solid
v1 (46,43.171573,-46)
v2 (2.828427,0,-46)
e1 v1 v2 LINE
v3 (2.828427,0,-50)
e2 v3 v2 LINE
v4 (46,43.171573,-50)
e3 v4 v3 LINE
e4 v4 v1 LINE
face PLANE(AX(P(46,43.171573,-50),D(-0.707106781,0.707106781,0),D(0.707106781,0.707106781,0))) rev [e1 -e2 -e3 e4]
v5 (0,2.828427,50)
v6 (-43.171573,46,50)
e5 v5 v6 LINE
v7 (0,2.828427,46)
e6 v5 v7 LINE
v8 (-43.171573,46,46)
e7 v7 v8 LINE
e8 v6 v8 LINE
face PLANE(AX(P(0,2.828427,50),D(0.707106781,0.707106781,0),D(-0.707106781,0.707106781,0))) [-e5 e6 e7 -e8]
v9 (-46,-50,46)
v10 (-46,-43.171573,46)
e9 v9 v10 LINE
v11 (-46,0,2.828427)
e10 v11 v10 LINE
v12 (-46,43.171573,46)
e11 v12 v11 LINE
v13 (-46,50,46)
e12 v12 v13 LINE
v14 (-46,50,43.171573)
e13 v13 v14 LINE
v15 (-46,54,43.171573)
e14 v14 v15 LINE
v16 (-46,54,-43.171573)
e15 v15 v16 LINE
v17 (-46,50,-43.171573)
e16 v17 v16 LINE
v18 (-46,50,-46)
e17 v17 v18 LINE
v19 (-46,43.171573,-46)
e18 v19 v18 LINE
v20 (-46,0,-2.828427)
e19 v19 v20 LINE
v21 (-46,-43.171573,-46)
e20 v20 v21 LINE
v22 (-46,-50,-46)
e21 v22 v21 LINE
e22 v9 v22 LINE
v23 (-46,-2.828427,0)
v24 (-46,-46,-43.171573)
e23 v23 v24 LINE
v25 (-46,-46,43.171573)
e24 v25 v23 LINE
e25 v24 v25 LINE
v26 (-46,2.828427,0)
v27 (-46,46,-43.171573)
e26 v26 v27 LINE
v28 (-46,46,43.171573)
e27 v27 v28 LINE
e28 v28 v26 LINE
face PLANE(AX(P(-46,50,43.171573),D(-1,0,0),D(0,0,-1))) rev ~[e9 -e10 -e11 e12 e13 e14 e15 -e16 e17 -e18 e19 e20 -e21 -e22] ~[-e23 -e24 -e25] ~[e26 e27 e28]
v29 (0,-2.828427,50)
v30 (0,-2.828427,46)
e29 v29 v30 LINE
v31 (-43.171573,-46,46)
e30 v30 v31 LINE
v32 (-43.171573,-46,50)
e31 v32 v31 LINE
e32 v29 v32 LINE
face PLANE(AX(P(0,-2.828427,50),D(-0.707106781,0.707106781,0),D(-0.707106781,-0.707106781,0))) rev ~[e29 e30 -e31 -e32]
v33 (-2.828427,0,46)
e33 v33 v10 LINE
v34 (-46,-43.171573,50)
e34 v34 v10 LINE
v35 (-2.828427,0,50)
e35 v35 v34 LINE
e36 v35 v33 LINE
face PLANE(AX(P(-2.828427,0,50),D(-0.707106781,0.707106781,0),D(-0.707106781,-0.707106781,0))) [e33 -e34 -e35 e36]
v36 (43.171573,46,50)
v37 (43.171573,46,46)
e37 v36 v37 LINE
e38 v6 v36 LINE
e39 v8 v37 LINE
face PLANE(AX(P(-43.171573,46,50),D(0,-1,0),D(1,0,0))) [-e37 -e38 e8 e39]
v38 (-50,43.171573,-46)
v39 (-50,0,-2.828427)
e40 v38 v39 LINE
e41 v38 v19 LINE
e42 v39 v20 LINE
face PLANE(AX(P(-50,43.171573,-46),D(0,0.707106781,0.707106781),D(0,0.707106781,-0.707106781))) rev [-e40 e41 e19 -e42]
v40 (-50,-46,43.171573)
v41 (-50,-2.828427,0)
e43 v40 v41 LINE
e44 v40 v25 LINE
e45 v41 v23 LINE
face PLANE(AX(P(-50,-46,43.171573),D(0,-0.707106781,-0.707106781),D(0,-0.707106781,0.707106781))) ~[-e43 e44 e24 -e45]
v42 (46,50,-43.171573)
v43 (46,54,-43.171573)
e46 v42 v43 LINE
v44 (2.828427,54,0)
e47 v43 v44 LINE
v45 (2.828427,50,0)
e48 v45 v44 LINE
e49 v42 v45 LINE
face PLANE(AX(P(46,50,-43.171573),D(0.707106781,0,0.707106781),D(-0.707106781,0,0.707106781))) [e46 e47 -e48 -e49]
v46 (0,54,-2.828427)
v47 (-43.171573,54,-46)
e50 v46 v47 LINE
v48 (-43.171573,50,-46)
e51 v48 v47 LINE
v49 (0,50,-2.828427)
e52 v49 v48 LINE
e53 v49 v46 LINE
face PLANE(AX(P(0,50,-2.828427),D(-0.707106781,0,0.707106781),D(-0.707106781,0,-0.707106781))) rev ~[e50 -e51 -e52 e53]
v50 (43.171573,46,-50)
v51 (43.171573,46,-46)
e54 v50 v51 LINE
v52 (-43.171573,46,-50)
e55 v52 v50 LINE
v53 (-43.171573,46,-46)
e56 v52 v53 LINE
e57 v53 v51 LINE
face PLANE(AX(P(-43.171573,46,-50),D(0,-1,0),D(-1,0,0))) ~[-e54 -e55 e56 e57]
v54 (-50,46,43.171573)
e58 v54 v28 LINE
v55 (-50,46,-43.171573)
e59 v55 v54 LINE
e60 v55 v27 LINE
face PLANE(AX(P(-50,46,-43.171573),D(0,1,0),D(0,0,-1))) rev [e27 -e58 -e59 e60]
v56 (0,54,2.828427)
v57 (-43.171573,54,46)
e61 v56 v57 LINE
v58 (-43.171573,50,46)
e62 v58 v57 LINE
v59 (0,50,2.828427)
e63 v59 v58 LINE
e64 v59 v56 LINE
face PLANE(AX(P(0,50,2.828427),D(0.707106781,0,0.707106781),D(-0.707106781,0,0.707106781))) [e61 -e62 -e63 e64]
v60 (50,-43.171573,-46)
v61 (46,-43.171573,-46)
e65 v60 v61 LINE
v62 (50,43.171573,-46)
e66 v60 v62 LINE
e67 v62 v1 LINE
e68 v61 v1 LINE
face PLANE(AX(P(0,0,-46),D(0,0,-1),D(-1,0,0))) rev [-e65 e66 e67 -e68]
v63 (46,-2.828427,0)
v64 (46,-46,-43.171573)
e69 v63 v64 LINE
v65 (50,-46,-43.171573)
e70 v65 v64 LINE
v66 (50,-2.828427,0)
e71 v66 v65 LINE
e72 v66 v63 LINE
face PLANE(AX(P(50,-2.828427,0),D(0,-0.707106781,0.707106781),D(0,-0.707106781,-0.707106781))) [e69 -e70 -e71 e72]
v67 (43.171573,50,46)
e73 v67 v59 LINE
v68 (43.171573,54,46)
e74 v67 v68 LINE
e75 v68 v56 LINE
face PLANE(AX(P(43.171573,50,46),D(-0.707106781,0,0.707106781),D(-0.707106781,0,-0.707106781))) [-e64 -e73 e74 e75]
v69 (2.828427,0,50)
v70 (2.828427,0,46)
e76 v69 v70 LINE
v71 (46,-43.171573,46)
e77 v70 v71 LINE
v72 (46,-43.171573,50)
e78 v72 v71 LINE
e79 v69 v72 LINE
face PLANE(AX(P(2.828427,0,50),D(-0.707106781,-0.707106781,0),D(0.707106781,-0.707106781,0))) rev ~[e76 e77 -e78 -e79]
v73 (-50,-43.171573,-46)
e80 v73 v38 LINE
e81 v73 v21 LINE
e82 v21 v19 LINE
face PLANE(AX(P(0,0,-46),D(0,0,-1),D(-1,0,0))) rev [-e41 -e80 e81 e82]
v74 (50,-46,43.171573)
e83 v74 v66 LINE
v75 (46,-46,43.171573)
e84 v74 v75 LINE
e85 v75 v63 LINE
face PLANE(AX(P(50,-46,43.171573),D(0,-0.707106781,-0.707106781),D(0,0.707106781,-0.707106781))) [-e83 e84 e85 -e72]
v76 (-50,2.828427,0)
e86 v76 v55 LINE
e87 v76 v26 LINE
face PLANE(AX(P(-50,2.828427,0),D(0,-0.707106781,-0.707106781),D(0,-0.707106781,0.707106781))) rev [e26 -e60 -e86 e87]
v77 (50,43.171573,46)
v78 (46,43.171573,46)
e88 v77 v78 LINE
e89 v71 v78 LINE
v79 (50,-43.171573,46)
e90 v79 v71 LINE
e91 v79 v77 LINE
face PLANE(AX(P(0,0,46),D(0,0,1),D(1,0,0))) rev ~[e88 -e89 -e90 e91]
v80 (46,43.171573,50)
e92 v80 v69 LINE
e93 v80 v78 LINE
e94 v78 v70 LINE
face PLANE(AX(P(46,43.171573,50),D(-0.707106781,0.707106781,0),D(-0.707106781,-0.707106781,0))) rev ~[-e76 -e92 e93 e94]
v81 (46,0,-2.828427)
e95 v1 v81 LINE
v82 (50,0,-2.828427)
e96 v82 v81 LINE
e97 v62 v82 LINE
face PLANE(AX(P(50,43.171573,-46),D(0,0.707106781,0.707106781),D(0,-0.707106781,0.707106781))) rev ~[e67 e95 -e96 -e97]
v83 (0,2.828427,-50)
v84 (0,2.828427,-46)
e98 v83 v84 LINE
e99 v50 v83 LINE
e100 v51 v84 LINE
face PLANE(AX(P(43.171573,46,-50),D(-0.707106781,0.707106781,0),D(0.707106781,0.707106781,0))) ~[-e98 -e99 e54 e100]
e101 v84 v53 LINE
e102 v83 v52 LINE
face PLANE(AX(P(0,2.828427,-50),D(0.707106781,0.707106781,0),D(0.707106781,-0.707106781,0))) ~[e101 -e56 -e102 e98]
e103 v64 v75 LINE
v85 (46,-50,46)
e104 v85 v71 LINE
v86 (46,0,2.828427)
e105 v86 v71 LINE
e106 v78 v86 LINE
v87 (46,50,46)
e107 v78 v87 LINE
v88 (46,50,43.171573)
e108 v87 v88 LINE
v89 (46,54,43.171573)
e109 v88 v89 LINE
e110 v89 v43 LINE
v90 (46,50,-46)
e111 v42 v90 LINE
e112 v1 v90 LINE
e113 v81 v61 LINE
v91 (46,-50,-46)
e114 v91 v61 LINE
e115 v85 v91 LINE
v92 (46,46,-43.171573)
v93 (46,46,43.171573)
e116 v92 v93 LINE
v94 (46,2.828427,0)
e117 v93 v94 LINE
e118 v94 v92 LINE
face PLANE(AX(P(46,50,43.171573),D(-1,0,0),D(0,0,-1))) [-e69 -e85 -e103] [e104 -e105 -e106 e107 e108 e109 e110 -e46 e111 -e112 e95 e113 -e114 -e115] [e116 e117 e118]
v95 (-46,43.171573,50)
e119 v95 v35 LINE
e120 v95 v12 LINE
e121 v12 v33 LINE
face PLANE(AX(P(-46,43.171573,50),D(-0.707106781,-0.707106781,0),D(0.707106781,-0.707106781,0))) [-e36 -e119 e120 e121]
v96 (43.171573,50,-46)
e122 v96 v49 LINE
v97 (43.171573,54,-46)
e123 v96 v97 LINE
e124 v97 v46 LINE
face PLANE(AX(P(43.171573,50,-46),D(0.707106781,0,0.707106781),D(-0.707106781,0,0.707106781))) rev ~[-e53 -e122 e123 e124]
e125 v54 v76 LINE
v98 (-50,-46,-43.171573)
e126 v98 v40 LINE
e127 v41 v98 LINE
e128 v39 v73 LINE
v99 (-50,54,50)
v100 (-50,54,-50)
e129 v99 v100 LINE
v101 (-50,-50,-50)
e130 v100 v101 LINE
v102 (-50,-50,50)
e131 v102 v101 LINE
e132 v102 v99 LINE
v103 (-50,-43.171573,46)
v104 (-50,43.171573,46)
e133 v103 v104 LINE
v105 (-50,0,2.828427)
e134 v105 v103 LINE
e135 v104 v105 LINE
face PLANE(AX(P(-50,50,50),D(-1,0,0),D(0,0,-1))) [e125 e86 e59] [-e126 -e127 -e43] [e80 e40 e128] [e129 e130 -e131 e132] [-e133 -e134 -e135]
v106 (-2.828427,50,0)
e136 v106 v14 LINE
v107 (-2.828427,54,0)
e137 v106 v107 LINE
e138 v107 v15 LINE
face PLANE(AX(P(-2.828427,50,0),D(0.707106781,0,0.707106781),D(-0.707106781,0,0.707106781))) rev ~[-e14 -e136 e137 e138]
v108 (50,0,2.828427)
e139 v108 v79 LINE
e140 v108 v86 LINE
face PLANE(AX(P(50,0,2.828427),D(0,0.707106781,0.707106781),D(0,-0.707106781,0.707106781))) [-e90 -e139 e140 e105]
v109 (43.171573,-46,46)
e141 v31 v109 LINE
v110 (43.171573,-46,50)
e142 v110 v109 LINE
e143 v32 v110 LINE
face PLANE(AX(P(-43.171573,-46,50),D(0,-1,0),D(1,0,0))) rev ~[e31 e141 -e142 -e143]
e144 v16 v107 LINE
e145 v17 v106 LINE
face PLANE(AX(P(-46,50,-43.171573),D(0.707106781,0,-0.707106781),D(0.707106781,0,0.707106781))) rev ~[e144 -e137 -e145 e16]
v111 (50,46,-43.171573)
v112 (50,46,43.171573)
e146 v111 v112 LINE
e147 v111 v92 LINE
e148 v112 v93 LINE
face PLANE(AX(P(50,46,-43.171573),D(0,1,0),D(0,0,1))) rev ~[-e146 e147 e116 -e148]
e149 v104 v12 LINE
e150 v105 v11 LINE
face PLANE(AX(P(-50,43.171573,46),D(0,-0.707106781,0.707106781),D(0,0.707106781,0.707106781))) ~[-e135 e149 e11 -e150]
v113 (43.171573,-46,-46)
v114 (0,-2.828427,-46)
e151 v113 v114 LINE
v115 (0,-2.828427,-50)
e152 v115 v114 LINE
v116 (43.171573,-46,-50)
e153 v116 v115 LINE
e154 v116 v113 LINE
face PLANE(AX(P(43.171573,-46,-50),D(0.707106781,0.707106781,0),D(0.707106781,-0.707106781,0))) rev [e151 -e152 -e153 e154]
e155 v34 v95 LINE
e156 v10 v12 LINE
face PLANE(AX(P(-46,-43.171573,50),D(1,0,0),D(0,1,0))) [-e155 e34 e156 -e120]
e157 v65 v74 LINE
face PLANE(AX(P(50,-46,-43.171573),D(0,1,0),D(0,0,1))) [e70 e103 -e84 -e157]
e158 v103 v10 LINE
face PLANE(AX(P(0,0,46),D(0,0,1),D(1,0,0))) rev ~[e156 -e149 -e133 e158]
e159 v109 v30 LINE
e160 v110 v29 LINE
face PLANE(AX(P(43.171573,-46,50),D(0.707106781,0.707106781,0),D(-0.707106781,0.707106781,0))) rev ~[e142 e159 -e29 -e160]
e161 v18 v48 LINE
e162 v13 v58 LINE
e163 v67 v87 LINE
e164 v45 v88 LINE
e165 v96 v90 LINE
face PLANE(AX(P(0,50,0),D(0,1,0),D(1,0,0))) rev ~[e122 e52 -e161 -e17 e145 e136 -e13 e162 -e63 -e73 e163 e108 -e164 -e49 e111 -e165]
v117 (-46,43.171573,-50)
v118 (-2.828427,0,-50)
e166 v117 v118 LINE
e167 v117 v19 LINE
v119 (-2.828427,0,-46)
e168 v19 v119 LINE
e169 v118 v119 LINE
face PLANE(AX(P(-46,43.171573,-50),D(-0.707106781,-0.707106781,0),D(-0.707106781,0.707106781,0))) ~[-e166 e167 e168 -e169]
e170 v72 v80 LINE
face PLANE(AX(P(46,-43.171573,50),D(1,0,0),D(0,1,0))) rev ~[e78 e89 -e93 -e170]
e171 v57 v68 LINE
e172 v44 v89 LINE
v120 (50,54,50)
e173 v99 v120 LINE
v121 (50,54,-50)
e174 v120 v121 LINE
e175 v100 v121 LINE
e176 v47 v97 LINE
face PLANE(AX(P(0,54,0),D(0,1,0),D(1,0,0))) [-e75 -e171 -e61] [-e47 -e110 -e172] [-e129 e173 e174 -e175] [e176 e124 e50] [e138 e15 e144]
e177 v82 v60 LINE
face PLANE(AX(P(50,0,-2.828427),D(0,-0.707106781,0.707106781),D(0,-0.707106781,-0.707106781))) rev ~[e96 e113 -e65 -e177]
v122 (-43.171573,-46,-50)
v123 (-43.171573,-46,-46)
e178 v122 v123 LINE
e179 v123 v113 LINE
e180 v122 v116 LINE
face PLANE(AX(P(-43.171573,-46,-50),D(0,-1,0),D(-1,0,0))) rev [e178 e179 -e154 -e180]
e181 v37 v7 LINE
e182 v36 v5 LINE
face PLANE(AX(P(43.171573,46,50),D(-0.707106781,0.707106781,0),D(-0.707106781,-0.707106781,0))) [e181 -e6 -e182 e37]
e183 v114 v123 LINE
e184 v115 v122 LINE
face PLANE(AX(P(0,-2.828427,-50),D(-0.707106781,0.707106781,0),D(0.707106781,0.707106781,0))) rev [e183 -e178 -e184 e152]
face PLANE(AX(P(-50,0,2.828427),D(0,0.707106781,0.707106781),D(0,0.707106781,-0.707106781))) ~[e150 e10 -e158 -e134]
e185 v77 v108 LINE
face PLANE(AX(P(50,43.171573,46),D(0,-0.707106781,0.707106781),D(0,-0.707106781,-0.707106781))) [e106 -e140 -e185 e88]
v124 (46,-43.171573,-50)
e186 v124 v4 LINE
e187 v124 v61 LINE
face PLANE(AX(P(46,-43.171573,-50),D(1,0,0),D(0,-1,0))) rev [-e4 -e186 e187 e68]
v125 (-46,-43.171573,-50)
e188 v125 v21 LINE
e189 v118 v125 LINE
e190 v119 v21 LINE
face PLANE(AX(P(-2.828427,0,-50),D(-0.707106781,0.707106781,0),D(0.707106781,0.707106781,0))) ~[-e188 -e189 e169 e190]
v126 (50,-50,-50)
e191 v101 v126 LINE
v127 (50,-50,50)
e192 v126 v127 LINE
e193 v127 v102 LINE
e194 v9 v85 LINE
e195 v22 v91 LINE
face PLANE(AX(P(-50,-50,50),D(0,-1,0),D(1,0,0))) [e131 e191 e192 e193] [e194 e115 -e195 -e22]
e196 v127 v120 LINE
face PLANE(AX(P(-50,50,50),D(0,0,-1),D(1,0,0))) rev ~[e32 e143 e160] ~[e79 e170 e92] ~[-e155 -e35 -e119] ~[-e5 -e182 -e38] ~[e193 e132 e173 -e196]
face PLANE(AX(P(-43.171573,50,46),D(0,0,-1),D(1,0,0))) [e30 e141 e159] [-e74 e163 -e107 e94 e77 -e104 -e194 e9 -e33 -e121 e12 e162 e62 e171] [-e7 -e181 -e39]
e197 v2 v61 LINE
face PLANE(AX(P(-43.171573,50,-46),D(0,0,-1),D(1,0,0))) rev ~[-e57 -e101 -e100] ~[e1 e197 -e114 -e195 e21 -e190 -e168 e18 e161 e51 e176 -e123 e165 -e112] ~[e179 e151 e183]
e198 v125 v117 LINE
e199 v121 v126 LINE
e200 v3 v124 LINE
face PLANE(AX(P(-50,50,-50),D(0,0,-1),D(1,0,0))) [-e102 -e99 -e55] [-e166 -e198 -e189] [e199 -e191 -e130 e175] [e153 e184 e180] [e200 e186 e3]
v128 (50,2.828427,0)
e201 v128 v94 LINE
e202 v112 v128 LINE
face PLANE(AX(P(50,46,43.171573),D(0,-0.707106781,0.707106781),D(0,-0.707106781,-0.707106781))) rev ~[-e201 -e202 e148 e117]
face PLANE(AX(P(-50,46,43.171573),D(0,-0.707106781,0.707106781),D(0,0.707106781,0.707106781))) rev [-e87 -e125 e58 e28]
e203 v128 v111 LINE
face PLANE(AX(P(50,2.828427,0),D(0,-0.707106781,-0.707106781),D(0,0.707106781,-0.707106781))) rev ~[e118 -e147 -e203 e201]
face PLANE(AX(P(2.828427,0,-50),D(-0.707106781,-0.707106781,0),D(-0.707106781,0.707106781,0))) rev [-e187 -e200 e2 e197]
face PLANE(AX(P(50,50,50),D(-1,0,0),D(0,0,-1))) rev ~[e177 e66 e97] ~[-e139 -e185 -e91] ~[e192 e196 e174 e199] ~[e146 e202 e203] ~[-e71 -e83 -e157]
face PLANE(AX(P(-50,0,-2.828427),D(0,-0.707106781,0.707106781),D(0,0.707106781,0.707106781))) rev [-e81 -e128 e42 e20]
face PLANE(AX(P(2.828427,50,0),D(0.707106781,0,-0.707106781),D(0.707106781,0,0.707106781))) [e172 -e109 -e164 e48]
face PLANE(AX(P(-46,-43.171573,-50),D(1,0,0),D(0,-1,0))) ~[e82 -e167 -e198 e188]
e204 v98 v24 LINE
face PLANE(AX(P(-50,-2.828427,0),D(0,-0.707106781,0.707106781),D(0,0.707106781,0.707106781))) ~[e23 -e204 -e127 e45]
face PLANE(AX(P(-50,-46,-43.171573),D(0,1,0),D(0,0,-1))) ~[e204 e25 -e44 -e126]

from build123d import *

# Parameters (mm, degrees)
SKETCH1_W           = 100
SKETCH1_H           = 100
BOSS_EXTRUDE1_DEPTH = 4
SKETCH9_W           = 100
SKETCH9_H           = 100
BOSS_EXTRUDE2_DEPTH = 4
SKETCH10_W          = 100
SKETCH10_H          = 100
BOSS_EXTRUDE3_DEPTH = 4


with BuildPart() as part:
    # Sketch1 → Boss-Extrude1 (new body)
    with BuildSketch(Plane.XY.offset(50)):
        Rectangle(SKETCH1_W, SKETCH1_H)
        Polygon((-43.171572875, 46), (43.171572875, 46), (0, 2.828427125), align=None, mode=Mode.SUBTRACT)
        Polygon((46, -43.171572875), (46, 43.171572875), (2.828427125, 0), align=None, mode=Mode.SUBTRACT)
        Polygon((-43.171572875, -46), (43.171572875, -46), (0, -2.828427125), align=None, mode=Mode.SUBTRACT)
        Polygon((-46, -43.171572875), (-46, 43.171572875), (-2.828427125, 0), align=None, mode=Mode.SUBTRACT)
    extrude(amount=-BOSS_EXTRUDE1_DEPTH)


with BuildPart() as body_2:
    # Mirror2: mirrored copy
    add(part.part.mirror(Plane.XY))


with BuildPart() as part_1:
    add(part.part)

    add(body_2.part)  # Boss-Extrude2 merges body 2
    # Sketch9 → Boss-Extrude2 (add)
    with BuildSketch(Plane(origin=(50, 0, 0), x_dir=(0, 0, -1), z_dir=(1, 0, 0))):
        Rectangle(SKETCH9_W, SKETCH9_H)
        Polygon((43.171572875, 46), (-43.171572875, 46), (0, 2.828427125), align=None, mode=Mode.SUBTRACT)
        Polygon((-46, -43.171572875), (-46, 43.171572875), (-2.828427125, 0), align=None, mode=Mode.SUBTRACT)
        Polygon((43.171572875, -46), (-43.171572875, -46), (0, -2.828427125), align=None, mode=Mode.SUBTRACT)
        Polygon((46, -43.171572875), (46, 43.171572875), (2.828427125, 0), align=None, mode=Mode.SUBTRACT)
    boss_extrude2 = extrude(amount=-BOSS_EXTRUDE2_DEPTH)

    # Mirror3: Boss-Extrude2 across plane
    add(boss_extrude2.mirror(Plane(origin=(0, 0, 0), x_dir=(0, 0, 1), z_dir=(1, 0, 0))))

    # Sketch10 → Boss-Extrude3 (add)
    with BuildSketch(Plane(origin=(0, 50, 0), x_dir=(1, 0, 0), z_dir=(0, 1, 0))):
        Rectangle(SKETCH10_W, SKETCH10_H)
        Polygon((-46, -43.171572875), (-46, 43.171572875), (-2.828427125, 0), align=None, mode=Mode.SUBTRACT)
        Polygon((-43.171572875, 46), (43.171572875, 46), (0, 2.828427125), align=None, mode=Mode.SUBTRACT)
        Polygon((46, -43.171572875), (46, 43.171572875), (2.828427125, 0), align=None, mode=Mode.SUBTRACT)
        Polygon((-43.171572875, -46), (43.171572875, -46), (0, -2.828427125), align=None, mode=Mode.SUBTRACT)
    extrude(amount=BOSS_EXTRUDE3_DEPTH)


solid = part_1.part
